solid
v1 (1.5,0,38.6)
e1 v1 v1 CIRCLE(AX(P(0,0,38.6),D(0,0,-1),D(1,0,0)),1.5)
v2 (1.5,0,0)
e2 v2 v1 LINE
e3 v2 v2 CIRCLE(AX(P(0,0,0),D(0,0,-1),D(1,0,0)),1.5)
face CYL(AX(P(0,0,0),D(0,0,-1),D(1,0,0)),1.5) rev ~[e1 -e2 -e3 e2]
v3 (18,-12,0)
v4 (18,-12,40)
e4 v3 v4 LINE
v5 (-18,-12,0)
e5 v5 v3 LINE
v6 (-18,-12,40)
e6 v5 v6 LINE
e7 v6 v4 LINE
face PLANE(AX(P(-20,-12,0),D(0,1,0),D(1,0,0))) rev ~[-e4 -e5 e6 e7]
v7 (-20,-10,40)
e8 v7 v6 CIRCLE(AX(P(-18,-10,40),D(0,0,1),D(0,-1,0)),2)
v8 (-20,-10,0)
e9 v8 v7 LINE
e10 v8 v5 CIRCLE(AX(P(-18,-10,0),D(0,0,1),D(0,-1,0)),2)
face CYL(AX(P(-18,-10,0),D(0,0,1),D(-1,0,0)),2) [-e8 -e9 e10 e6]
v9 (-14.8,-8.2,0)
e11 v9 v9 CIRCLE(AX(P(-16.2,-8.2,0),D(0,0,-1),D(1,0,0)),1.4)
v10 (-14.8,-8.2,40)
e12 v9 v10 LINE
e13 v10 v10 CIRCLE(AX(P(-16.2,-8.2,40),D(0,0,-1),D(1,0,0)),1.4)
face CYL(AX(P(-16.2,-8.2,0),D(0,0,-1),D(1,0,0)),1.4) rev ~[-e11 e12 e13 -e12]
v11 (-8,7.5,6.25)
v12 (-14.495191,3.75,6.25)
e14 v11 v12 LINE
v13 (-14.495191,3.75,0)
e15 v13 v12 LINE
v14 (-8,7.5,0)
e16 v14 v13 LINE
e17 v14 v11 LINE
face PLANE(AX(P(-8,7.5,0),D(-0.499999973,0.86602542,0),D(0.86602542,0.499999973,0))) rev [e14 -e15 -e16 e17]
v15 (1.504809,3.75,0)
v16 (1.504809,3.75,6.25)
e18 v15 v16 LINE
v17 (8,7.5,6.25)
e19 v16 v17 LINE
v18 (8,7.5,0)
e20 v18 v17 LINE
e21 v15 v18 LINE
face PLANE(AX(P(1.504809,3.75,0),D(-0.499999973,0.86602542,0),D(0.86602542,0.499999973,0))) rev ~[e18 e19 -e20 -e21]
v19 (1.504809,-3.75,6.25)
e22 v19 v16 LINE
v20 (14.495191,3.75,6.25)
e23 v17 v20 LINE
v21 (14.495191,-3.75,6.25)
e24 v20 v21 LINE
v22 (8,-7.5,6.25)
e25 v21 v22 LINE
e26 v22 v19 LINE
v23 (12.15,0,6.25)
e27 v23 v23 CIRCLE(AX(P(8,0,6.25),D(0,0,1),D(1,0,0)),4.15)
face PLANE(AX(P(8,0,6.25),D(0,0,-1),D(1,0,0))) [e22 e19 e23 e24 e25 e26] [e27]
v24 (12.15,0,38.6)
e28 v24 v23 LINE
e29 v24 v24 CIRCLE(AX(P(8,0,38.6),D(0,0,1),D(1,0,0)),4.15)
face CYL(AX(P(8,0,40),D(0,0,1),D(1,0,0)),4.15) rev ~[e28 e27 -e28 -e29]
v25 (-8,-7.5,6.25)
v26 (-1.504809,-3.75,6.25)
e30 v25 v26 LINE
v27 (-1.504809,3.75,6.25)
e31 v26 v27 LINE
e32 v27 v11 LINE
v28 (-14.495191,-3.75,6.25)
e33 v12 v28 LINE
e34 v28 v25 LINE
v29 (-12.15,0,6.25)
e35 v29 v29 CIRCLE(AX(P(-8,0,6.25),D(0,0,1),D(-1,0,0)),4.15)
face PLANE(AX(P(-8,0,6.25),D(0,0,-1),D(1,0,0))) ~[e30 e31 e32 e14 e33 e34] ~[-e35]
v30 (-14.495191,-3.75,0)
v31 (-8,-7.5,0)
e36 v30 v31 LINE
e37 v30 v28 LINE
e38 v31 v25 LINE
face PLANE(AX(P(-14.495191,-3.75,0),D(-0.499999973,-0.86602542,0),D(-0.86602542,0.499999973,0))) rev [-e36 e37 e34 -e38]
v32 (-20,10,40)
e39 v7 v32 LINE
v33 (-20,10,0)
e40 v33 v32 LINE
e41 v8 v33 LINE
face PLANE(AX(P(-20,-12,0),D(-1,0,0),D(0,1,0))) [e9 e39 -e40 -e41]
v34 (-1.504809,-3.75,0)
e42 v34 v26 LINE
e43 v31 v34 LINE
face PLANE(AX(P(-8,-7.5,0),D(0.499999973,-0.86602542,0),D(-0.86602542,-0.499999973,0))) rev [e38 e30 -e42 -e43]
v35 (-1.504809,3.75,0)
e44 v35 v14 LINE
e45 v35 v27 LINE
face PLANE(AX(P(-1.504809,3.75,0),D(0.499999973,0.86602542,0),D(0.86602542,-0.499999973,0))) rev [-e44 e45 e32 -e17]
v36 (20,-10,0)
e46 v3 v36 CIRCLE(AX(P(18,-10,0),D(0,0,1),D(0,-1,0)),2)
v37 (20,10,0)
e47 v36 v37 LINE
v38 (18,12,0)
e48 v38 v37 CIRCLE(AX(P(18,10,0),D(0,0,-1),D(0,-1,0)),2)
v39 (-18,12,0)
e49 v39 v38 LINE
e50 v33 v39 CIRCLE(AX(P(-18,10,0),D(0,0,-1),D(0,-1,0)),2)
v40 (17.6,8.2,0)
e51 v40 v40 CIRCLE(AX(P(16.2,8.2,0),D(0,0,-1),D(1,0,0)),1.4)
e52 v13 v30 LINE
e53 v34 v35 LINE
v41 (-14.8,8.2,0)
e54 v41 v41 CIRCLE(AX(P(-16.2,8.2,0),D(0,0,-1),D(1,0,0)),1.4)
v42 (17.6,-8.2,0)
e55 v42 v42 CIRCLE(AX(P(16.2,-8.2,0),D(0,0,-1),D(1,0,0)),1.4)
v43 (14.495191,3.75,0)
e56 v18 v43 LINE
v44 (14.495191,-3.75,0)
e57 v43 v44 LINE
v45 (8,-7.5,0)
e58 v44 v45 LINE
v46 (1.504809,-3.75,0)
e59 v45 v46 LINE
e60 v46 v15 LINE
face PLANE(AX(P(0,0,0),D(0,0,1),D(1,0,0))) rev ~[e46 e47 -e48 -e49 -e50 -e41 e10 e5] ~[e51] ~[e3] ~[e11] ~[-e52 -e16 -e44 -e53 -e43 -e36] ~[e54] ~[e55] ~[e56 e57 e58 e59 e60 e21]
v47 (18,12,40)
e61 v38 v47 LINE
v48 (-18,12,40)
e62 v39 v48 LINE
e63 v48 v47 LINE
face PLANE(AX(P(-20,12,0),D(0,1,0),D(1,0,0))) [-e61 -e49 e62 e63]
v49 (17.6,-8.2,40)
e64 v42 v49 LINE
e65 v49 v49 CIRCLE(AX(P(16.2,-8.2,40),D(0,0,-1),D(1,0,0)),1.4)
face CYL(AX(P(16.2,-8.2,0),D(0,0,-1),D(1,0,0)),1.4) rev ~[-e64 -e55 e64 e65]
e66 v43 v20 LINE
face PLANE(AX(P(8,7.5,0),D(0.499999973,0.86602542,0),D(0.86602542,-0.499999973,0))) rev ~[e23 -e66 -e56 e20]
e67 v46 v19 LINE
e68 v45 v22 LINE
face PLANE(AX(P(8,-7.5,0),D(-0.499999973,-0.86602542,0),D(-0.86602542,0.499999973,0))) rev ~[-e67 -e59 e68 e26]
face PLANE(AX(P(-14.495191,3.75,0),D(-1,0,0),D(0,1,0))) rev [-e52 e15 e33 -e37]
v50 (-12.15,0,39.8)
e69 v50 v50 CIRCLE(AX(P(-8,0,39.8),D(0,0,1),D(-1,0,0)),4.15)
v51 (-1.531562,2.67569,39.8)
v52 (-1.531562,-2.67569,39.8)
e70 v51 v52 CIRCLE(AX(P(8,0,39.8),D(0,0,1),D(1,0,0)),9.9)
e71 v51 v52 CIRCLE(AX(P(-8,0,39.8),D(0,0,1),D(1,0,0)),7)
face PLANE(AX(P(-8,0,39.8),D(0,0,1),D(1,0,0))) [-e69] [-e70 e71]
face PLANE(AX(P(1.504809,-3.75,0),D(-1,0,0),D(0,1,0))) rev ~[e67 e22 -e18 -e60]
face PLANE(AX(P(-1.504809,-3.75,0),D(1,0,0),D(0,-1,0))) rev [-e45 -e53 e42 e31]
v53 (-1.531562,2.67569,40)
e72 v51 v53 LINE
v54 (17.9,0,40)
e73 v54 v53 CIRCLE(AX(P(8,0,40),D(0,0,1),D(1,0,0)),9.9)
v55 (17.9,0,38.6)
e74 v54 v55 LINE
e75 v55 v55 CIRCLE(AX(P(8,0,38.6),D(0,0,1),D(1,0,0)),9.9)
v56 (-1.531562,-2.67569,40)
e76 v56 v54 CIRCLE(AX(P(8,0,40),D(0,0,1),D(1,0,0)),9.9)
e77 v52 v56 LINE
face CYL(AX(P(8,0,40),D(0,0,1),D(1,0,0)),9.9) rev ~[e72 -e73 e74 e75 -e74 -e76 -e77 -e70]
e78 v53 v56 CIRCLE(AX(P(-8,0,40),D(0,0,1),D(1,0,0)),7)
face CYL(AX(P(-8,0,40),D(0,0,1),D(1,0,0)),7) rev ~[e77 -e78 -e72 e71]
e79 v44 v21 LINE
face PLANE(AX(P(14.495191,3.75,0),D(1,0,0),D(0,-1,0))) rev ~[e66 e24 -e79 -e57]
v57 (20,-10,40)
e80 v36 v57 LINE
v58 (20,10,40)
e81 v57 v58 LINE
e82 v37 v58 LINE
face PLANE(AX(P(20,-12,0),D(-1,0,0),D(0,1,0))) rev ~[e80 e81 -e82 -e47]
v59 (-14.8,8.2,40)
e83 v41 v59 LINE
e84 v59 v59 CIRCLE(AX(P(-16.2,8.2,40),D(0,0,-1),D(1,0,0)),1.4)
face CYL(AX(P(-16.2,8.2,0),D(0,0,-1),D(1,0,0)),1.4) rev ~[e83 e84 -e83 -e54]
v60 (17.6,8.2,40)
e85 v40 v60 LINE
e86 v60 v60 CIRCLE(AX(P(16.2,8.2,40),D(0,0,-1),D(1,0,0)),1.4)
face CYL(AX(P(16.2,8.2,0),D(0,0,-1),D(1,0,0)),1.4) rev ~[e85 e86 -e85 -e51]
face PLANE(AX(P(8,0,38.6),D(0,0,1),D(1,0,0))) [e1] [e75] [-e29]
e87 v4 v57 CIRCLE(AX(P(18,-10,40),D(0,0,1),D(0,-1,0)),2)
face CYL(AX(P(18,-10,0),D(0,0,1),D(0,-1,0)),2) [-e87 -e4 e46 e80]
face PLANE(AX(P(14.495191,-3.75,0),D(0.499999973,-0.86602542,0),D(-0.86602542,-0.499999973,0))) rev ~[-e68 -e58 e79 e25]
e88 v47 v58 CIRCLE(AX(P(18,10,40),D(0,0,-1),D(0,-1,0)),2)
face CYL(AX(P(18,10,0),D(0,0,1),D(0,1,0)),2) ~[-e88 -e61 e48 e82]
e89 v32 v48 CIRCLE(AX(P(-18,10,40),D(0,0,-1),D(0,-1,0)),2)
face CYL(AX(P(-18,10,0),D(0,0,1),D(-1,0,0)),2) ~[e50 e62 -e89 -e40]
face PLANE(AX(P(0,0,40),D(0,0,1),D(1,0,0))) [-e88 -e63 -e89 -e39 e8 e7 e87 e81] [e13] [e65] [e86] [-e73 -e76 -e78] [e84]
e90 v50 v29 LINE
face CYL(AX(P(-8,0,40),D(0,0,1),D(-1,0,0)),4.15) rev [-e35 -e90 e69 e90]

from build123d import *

# Parameters (mm, degrees)
SKETCH041_W     = 40
SKETCH041_H     = 24
PAD012_DEPTH    = 40
SKETCH042_R     = 4.15
HOLE017_DEPTH   = 50
SKETCH043_R     = 9.9
POCKET012_DEPTH = 1.4
POCKET021_DEPTH = 6.25
SKETCH066_R     = 1.4
HOLE026_DEPTH   = 50
SKETCH067_R     = 1.5
HOLE027_DEPTH   = 50
SKETCH068_R     = 7
POCKET022_DEPTH = 0.2
FILLET024_R     = 2


with BuildPart() as part:
    # Sketch041 → Pad012 (new body)
    with BuildSketch(Plane.XY):
        Rectangle(SKETCH041_W, SKETCH041_H)
    extrude(amount=PAD012_DEPTH)

    # Sketch042 (on Face6 of Pad012) → Hole017 (cut)
    with BuildSketch(Plane.XY.offset(40)):
        with Locations((8, 0)):
            Circle(SKETCH042_R)
    hole017 = extrude(amount=-HOLE017_DEPTH, mode=Mode.SUBTRACT)

    # Mirrored019: Hole017 across Sketch042 V_Axis
    add(hole017.mirror(Plane(origin=(0, 0, 40), x_dir=(0, 0, 1), z_dir=(1, 0, 0))), mode=Mode.SUBTRACT)

    # Sketch043 (on Face5 of Mirrored019) → Pocket012 (cut)
    with BuildSketch(Plane.XY.offset(40)):
        with Locations((8, 0)):
            Circle(SKETCH043_R)
    extrude(amount=-POCKET012_DEPTH, mode=Mode.SUBTRACT)

    # Sketch065 (on Face4 of Pocket012) → Pocket021 (cut)
    with BuildSketch(Plane(origin=(0, 0, 0), x_dir=(1, 0, 0), z_dir=(0, 0, -1))):
        Polygon((14.495191, 3.75), (8, 7.5), (1.504809, 3.75), (1.504809, -3.75), (8, -7.5), (14.495191, -3.75), align=None)
    pocket021 = extrude(amount=-POCKET021_DEPTH, mode=Mode.SUBTRACT)

    # Mirrored029: Pocket021 across Sketch065 V_Axis
    add(pocket021.mirror(Plane(origin=(0, 0, 0), x_dir=(0, 0, -1), z_dir=(1, 0, 0))), mode=Mode.SUBTRACT)

    # Sketch066 (on Face4 of Mirrored029) → Hole026 (cut)
    with BuildSketch(Plane(origin=(0, 0, 0), x_dir=(1, 0, 0), z_dir=(0, 0, -1))):
        with Locations((-16.2, 8.2)):
            Circle(SKETCH066_R)
        with Locations((-16.2, -8.2)):
            Circle(SKETCH066_R)
        with Locations((16.2, 8.2)):
            Circle(SKETCH066_R)
        with Locations((16.2, -8.2)):
            Circle(SKETCH066_R)
    extrude(amount=-HOLE026_DEPTH, mode=Mode.SUBTRACT)

    # Sketch067 (on Face4 of Hole026) → Hole027 (cut)
    with BuildSketch(Plane(origin=(0, 0, 0), x_dir=(1, 0, 0), z_dir=(0, 0, -1))):
        Circle(SKETCH067_R)
    extrude(amount=-HOLE027_DEPTH, mode=Mode.SUBTRACT)

    # Sketch068 (on Face5 of Hole027) → Pocket022 (cut)
    with BuildSketch(Plane.XY.offset(40)):
        with Locations((-8, 0)):
            Circle(SKETCH068_R)
    extrude(amount=-POCKET022_DEPTH, mode=Mode.SUBTRACT)

    # Fillet024
    fillet024_edges = [part.edges().sort_by_distance(p)[0] for p in [
        (20, 12, 20),
        (-20, 12, 20),
        (20, -12, 20),
        (-20, -12, 20),
    ]]
    fillet(fillet024_edges, radius=FILLET024_R)


solid = part.part
